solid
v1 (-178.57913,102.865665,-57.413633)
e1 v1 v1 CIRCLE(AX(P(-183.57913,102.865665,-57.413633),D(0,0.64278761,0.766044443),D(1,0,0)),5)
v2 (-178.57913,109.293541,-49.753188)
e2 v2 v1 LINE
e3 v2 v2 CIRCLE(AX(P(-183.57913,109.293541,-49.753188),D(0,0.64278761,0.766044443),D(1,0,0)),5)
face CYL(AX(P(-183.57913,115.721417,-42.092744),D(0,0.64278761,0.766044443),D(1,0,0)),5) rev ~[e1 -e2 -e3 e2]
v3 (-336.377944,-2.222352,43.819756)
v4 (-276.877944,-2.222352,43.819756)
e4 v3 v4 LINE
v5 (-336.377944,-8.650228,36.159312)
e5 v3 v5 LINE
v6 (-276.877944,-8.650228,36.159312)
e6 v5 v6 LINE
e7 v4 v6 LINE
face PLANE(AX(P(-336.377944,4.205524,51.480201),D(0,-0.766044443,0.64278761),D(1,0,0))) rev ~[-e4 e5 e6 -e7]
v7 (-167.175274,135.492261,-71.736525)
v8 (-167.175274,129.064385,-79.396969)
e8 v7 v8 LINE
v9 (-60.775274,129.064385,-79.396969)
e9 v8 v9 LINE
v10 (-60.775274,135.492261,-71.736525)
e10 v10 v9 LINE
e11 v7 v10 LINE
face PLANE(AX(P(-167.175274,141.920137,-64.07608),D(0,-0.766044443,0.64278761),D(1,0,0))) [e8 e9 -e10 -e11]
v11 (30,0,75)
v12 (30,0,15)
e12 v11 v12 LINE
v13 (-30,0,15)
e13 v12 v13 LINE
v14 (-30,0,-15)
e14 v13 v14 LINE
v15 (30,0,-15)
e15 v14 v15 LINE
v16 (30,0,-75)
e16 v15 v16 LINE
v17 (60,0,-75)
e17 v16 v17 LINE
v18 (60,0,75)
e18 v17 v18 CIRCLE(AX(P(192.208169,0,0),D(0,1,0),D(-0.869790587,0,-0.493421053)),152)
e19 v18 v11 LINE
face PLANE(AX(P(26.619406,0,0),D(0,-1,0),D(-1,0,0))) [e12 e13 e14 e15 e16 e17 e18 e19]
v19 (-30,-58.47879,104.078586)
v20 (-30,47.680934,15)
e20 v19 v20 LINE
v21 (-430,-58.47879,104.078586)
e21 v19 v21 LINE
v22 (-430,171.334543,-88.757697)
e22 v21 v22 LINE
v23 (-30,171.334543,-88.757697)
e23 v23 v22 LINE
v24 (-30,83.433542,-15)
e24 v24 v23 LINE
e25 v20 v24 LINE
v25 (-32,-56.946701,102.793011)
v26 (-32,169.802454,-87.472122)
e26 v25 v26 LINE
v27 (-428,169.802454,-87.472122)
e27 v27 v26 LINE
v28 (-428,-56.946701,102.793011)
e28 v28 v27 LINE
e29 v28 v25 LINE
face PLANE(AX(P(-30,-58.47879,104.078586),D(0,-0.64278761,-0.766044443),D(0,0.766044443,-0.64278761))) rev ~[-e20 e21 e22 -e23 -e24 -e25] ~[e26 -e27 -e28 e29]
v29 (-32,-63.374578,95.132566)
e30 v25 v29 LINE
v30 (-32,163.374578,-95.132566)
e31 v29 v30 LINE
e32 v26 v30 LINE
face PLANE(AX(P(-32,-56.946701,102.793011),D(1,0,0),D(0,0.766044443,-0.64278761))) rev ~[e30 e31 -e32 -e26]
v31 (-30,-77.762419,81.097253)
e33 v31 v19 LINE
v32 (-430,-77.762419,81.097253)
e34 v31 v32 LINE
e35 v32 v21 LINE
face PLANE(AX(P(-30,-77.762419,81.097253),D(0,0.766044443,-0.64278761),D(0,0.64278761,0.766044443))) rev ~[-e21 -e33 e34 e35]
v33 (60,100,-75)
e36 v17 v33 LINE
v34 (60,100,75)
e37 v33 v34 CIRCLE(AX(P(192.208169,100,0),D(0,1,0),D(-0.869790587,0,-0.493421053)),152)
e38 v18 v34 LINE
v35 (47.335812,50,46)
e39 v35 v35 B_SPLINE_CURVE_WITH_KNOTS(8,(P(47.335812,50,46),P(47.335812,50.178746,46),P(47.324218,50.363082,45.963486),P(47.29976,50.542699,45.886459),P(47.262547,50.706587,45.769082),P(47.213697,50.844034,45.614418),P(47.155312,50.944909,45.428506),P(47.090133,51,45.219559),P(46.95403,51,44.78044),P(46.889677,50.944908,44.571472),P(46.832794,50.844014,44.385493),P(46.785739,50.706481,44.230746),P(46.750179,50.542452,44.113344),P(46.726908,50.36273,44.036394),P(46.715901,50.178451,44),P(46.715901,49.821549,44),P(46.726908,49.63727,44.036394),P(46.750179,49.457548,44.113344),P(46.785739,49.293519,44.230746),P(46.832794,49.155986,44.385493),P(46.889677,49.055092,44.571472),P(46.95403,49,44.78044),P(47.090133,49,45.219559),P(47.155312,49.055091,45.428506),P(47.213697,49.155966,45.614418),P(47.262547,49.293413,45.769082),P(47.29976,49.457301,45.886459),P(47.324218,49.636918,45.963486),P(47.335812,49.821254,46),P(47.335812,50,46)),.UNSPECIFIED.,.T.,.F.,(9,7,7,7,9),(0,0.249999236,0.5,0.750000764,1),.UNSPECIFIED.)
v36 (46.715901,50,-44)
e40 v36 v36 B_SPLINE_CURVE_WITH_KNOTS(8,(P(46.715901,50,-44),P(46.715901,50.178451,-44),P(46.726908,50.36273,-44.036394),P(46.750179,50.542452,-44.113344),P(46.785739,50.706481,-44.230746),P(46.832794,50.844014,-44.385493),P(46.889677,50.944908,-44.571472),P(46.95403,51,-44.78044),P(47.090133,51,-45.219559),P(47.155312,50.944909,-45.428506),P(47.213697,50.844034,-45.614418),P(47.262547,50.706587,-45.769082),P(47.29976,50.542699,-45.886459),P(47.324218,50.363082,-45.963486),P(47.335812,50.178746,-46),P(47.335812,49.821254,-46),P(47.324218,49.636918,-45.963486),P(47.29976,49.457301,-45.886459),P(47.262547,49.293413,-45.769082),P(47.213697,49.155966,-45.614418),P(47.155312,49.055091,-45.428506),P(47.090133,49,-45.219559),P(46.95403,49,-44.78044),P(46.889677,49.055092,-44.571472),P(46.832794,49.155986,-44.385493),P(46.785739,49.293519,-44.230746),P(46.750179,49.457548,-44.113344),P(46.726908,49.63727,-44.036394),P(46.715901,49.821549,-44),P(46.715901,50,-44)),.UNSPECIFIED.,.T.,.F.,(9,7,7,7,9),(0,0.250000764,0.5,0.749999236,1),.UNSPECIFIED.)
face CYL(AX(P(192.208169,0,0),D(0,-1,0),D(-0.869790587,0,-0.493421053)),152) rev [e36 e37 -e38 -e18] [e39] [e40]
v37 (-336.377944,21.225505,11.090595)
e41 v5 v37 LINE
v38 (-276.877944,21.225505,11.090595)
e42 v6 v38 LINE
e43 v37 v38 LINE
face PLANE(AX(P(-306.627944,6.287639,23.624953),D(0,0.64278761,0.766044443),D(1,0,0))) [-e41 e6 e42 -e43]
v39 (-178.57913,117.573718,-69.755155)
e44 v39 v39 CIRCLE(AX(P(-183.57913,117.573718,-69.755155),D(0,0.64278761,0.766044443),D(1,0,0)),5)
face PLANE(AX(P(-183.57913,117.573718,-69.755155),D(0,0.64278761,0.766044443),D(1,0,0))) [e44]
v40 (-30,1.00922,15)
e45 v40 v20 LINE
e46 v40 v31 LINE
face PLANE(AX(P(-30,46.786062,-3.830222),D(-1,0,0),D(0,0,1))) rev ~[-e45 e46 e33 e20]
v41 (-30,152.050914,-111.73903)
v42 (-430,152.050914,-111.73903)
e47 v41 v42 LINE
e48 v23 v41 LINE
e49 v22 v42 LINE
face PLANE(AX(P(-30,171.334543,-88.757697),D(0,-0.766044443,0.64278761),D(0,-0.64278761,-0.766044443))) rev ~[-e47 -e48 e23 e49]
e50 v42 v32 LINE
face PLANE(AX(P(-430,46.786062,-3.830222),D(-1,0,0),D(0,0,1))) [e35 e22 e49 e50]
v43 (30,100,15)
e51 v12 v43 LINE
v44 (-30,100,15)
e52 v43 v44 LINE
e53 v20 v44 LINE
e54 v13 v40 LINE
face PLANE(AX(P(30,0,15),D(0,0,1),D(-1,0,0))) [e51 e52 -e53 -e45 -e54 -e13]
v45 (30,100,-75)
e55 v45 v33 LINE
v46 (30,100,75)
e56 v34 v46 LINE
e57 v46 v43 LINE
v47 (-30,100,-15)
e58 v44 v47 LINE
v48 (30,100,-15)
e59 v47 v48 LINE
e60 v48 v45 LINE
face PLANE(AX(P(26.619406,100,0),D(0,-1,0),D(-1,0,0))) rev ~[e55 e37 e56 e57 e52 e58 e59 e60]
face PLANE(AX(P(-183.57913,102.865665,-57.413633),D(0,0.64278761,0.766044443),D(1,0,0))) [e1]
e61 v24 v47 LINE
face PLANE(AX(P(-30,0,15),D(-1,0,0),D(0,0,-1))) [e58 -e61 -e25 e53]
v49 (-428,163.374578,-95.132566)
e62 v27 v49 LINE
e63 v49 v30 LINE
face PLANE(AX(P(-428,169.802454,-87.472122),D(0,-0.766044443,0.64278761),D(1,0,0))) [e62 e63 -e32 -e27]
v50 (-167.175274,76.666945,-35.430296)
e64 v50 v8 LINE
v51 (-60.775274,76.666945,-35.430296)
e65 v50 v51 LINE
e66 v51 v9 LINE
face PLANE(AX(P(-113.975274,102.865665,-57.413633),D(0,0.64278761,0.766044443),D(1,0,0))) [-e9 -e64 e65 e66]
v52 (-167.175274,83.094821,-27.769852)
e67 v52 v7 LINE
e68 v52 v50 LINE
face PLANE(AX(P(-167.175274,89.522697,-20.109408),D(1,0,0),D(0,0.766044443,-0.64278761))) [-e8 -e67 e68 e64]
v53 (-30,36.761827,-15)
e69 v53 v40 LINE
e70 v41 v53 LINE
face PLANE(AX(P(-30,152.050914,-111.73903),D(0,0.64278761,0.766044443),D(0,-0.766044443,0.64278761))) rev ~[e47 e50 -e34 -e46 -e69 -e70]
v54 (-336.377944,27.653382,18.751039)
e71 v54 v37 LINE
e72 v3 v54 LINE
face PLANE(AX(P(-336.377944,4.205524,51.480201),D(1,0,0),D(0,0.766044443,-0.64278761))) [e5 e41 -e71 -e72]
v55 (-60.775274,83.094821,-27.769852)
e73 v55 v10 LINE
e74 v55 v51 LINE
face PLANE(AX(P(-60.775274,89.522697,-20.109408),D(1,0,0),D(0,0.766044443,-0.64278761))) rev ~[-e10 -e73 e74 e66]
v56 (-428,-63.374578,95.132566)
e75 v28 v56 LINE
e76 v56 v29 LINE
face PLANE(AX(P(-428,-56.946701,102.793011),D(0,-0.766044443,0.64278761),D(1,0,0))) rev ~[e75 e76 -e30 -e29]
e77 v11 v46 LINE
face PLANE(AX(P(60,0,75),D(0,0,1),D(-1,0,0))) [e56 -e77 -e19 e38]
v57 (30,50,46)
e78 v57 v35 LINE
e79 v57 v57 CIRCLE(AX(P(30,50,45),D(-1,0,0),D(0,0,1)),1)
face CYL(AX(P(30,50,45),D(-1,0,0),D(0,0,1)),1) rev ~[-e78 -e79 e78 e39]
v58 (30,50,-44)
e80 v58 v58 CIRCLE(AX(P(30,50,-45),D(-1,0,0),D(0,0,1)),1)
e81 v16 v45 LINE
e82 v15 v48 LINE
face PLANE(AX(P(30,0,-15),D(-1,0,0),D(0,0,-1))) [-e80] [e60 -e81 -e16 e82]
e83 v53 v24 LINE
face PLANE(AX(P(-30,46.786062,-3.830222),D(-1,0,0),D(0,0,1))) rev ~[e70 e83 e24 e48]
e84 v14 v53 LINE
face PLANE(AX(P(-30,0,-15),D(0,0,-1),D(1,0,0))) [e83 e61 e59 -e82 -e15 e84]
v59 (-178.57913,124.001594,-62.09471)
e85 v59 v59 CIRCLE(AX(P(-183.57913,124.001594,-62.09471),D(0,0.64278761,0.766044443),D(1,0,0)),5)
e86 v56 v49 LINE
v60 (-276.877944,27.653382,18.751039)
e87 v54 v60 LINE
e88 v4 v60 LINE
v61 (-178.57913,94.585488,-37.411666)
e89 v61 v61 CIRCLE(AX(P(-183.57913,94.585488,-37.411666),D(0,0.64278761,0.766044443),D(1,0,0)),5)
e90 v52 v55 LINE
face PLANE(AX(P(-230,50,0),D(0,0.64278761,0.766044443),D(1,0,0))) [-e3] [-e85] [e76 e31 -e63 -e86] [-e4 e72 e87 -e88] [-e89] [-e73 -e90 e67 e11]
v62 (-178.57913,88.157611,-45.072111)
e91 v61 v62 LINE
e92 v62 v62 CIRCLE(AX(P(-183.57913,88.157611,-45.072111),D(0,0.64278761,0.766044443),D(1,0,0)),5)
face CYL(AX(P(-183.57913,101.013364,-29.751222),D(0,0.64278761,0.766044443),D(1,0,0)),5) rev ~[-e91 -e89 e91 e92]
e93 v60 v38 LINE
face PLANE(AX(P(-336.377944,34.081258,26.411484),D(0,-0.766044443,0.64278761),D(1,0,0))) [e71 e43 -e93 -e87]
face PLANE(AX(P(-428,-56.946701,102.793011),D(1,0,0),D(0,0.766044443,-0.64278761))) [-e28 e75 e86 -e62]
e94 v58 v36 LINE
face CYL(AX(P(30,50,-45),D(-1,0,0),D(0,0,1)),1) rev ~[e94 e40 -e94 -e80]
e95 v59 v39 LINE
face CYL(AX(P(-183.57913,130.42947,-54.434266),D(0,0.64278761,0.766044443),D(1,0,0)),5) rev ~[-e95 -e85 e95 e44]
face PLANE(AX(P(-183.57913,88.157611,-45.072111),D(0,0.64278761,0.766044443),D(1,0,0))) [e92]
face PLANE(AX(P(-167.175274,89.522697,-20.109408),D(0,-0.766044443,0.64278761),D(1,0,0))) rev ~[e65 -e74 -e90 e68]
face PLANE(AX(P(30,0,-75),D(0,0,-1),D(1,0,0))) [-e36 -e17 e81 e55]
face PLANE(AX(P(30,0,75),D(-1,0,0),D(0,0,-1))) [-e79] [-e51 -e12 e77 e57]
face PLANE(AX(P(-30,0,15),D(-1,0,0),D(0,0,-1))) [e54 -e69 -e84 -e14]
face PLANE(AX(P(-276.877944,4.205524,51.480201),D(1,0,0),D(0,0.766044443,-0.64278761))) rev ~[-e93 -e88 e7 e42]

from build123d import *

# Parameters (mm, degrees)
BOSS_EXTRU_1_DEPTH      = 100
BOSS_EXTRU_2_DEPTH      = 400
ESQUISSE3_W             = 396
ESQUISSE3_H             = 296
ESQUISSE3_W_2           = 59.5
ESQUISSE3_H_2           = 39
ESQUISSE3_R             = 5
ESQUISSE3_W_3           = 106.4
ESQUISSE3_H_3           = 68.4
ENL_V_MAT_EXTRU_1_DEPTH = 10
ESQUISSE3_3_W           = 106.4
ESQUISSE3_3_H           = 68.4
ESQUISSE3_3_W_2         = 59.5
ESQUISSE3_3_H_2         = 39
ESQUISSE3_3_R           = 5
ENL_V_MAT_EXTRU_2_DEPTH = 20
ESQUISSE4_R             = 1
ENL_V_MAT_EXTRU_3_DEPTH = 60


with BuildPart() as part:
    # Esquisse1 → Boss.-Extru.1 (new body)
    with BuildSketch(Plane(origin=(0, 0, 0), x_dir=(1, 0, 0), z_dir=(0, 1, 0))):
        with BuildLine():
            Line((30, 15), (30, 75))
            Line((30, 75), (60, 75))
            ThreePointArc((60, 75), (40.208169188, 0), (60, -75))
            Line((60, -75), (30, -75))
            Line((30, -75), (30, -15))
            Line((30, -15), (-30, -15))
            Line((-30, -15), (-30, 15))
            Line((-30, 15), (30, 15))
        make_face()
    extrude(amount=BOSS_EXTRU_1_DEPTH)

    # Esquisse2 → Boss.-Extru.2 (add)
    with BuildSketch(Plane.ZY.offset(30)):
        Polygon((-111.739030315, 152.050914274), (81.097252591, -77.762418662), (104.078585884, -58.478790371), (-88.757697022, 171.334542565), align=None)
    extrude(amount=BOSS_EXTRU_2_DEPTH)

    # Esquisse3 → Enl_v. mat.-Extru.1 (cut)
    with BuildSketch(Plane(origin=(0, 27.086671655, 32.280638256), x_dir=(1, 0, 0), z_dir=(0, 0.6427876096865351, 0.7660444431189816))):
        with Locations((-230, 38.302222156)):
            Rectangle(ESQUISSE3_W, ESQUISSE3_H)
        with Locations((-306.627943765, -10.369216509)):
            Rectangle(ESQUISSE3_W_2, ESQUISSE3_H_2, mode=Mode.SUBTRACT)
        with Locations((-183.579130296, 96.504442653)):
            Circle(ESQUISSE3_R, mode=Mode.SUBTRACT)
        with Locations((-183.579130296, 115.704442653)):
            Circle(ESQUISSE3_R, mode=Mode.SUBTRACT)
        with Locations((-183.579130296, 134.904442653)):
            Circle(ESQUISSE3_R, mode=Mode.SUBTRACT)
        with Locations((-113.975273558, 115.704442653)):
            Rectangle(ESQUISSE3_W_3, ESQUISSE3_H_3, mode=Mode.SUBTRACT)
    extrude(amount=-ENL_V_MAT_EXTRU_1_DEPTH, mode=Mode.SUBTRACT)

    # Esquisse3_3 → Enl_v. mat.-Extru.2 (cut)
    with BuildSketch(Plane(origin=(0, 27.086671655, 32.280638256), x_dir=(1, 0, 0), z_dir=(0, 0.6427876096865351, 0.7660444431189816))):
        with Locations((-113.975273558, 115.704442653)):
            Rectangle(ESQUISSE3_3_W, ESQUISSE3_3_H)
        with Locations((-306.627943765, -10.369216509)):
            Rectangle(ESQUISSE3_3_W_2, ESQUISSE3_3_H_2)
        with Locations((-183.579130296, 134.904442653)):
            Circle(ESQUISSE3_3_R)
        with Locations((-183.579130296, 115.704442653)):
            Circle(ESQUISSE3_3_R)
        with Locations((-183.579130296, 96.504442653)):
            Circle(ESQUISSE3_3_R)
    extrude(amount=-ENL_V_MAT_EXTRU_2_DEPTH, mode=Mode.SUBTRACT)

    # Esquisse4 → Enl_v. mat.-Extru.3 (cut)
    with BuildSketch(Plane.ZY.offset(-30)):
        with Locations((-45, 50)):
            Circle(ESQUISSE4_R)
        with Locations((45, 50)):
            Circle(ESQUISSE4_R)
    extrude(amount=-ENL_V_MAT_EXTRU_3_DEPTH, mode=Mode.SUBTRACT)


solid = part.part
